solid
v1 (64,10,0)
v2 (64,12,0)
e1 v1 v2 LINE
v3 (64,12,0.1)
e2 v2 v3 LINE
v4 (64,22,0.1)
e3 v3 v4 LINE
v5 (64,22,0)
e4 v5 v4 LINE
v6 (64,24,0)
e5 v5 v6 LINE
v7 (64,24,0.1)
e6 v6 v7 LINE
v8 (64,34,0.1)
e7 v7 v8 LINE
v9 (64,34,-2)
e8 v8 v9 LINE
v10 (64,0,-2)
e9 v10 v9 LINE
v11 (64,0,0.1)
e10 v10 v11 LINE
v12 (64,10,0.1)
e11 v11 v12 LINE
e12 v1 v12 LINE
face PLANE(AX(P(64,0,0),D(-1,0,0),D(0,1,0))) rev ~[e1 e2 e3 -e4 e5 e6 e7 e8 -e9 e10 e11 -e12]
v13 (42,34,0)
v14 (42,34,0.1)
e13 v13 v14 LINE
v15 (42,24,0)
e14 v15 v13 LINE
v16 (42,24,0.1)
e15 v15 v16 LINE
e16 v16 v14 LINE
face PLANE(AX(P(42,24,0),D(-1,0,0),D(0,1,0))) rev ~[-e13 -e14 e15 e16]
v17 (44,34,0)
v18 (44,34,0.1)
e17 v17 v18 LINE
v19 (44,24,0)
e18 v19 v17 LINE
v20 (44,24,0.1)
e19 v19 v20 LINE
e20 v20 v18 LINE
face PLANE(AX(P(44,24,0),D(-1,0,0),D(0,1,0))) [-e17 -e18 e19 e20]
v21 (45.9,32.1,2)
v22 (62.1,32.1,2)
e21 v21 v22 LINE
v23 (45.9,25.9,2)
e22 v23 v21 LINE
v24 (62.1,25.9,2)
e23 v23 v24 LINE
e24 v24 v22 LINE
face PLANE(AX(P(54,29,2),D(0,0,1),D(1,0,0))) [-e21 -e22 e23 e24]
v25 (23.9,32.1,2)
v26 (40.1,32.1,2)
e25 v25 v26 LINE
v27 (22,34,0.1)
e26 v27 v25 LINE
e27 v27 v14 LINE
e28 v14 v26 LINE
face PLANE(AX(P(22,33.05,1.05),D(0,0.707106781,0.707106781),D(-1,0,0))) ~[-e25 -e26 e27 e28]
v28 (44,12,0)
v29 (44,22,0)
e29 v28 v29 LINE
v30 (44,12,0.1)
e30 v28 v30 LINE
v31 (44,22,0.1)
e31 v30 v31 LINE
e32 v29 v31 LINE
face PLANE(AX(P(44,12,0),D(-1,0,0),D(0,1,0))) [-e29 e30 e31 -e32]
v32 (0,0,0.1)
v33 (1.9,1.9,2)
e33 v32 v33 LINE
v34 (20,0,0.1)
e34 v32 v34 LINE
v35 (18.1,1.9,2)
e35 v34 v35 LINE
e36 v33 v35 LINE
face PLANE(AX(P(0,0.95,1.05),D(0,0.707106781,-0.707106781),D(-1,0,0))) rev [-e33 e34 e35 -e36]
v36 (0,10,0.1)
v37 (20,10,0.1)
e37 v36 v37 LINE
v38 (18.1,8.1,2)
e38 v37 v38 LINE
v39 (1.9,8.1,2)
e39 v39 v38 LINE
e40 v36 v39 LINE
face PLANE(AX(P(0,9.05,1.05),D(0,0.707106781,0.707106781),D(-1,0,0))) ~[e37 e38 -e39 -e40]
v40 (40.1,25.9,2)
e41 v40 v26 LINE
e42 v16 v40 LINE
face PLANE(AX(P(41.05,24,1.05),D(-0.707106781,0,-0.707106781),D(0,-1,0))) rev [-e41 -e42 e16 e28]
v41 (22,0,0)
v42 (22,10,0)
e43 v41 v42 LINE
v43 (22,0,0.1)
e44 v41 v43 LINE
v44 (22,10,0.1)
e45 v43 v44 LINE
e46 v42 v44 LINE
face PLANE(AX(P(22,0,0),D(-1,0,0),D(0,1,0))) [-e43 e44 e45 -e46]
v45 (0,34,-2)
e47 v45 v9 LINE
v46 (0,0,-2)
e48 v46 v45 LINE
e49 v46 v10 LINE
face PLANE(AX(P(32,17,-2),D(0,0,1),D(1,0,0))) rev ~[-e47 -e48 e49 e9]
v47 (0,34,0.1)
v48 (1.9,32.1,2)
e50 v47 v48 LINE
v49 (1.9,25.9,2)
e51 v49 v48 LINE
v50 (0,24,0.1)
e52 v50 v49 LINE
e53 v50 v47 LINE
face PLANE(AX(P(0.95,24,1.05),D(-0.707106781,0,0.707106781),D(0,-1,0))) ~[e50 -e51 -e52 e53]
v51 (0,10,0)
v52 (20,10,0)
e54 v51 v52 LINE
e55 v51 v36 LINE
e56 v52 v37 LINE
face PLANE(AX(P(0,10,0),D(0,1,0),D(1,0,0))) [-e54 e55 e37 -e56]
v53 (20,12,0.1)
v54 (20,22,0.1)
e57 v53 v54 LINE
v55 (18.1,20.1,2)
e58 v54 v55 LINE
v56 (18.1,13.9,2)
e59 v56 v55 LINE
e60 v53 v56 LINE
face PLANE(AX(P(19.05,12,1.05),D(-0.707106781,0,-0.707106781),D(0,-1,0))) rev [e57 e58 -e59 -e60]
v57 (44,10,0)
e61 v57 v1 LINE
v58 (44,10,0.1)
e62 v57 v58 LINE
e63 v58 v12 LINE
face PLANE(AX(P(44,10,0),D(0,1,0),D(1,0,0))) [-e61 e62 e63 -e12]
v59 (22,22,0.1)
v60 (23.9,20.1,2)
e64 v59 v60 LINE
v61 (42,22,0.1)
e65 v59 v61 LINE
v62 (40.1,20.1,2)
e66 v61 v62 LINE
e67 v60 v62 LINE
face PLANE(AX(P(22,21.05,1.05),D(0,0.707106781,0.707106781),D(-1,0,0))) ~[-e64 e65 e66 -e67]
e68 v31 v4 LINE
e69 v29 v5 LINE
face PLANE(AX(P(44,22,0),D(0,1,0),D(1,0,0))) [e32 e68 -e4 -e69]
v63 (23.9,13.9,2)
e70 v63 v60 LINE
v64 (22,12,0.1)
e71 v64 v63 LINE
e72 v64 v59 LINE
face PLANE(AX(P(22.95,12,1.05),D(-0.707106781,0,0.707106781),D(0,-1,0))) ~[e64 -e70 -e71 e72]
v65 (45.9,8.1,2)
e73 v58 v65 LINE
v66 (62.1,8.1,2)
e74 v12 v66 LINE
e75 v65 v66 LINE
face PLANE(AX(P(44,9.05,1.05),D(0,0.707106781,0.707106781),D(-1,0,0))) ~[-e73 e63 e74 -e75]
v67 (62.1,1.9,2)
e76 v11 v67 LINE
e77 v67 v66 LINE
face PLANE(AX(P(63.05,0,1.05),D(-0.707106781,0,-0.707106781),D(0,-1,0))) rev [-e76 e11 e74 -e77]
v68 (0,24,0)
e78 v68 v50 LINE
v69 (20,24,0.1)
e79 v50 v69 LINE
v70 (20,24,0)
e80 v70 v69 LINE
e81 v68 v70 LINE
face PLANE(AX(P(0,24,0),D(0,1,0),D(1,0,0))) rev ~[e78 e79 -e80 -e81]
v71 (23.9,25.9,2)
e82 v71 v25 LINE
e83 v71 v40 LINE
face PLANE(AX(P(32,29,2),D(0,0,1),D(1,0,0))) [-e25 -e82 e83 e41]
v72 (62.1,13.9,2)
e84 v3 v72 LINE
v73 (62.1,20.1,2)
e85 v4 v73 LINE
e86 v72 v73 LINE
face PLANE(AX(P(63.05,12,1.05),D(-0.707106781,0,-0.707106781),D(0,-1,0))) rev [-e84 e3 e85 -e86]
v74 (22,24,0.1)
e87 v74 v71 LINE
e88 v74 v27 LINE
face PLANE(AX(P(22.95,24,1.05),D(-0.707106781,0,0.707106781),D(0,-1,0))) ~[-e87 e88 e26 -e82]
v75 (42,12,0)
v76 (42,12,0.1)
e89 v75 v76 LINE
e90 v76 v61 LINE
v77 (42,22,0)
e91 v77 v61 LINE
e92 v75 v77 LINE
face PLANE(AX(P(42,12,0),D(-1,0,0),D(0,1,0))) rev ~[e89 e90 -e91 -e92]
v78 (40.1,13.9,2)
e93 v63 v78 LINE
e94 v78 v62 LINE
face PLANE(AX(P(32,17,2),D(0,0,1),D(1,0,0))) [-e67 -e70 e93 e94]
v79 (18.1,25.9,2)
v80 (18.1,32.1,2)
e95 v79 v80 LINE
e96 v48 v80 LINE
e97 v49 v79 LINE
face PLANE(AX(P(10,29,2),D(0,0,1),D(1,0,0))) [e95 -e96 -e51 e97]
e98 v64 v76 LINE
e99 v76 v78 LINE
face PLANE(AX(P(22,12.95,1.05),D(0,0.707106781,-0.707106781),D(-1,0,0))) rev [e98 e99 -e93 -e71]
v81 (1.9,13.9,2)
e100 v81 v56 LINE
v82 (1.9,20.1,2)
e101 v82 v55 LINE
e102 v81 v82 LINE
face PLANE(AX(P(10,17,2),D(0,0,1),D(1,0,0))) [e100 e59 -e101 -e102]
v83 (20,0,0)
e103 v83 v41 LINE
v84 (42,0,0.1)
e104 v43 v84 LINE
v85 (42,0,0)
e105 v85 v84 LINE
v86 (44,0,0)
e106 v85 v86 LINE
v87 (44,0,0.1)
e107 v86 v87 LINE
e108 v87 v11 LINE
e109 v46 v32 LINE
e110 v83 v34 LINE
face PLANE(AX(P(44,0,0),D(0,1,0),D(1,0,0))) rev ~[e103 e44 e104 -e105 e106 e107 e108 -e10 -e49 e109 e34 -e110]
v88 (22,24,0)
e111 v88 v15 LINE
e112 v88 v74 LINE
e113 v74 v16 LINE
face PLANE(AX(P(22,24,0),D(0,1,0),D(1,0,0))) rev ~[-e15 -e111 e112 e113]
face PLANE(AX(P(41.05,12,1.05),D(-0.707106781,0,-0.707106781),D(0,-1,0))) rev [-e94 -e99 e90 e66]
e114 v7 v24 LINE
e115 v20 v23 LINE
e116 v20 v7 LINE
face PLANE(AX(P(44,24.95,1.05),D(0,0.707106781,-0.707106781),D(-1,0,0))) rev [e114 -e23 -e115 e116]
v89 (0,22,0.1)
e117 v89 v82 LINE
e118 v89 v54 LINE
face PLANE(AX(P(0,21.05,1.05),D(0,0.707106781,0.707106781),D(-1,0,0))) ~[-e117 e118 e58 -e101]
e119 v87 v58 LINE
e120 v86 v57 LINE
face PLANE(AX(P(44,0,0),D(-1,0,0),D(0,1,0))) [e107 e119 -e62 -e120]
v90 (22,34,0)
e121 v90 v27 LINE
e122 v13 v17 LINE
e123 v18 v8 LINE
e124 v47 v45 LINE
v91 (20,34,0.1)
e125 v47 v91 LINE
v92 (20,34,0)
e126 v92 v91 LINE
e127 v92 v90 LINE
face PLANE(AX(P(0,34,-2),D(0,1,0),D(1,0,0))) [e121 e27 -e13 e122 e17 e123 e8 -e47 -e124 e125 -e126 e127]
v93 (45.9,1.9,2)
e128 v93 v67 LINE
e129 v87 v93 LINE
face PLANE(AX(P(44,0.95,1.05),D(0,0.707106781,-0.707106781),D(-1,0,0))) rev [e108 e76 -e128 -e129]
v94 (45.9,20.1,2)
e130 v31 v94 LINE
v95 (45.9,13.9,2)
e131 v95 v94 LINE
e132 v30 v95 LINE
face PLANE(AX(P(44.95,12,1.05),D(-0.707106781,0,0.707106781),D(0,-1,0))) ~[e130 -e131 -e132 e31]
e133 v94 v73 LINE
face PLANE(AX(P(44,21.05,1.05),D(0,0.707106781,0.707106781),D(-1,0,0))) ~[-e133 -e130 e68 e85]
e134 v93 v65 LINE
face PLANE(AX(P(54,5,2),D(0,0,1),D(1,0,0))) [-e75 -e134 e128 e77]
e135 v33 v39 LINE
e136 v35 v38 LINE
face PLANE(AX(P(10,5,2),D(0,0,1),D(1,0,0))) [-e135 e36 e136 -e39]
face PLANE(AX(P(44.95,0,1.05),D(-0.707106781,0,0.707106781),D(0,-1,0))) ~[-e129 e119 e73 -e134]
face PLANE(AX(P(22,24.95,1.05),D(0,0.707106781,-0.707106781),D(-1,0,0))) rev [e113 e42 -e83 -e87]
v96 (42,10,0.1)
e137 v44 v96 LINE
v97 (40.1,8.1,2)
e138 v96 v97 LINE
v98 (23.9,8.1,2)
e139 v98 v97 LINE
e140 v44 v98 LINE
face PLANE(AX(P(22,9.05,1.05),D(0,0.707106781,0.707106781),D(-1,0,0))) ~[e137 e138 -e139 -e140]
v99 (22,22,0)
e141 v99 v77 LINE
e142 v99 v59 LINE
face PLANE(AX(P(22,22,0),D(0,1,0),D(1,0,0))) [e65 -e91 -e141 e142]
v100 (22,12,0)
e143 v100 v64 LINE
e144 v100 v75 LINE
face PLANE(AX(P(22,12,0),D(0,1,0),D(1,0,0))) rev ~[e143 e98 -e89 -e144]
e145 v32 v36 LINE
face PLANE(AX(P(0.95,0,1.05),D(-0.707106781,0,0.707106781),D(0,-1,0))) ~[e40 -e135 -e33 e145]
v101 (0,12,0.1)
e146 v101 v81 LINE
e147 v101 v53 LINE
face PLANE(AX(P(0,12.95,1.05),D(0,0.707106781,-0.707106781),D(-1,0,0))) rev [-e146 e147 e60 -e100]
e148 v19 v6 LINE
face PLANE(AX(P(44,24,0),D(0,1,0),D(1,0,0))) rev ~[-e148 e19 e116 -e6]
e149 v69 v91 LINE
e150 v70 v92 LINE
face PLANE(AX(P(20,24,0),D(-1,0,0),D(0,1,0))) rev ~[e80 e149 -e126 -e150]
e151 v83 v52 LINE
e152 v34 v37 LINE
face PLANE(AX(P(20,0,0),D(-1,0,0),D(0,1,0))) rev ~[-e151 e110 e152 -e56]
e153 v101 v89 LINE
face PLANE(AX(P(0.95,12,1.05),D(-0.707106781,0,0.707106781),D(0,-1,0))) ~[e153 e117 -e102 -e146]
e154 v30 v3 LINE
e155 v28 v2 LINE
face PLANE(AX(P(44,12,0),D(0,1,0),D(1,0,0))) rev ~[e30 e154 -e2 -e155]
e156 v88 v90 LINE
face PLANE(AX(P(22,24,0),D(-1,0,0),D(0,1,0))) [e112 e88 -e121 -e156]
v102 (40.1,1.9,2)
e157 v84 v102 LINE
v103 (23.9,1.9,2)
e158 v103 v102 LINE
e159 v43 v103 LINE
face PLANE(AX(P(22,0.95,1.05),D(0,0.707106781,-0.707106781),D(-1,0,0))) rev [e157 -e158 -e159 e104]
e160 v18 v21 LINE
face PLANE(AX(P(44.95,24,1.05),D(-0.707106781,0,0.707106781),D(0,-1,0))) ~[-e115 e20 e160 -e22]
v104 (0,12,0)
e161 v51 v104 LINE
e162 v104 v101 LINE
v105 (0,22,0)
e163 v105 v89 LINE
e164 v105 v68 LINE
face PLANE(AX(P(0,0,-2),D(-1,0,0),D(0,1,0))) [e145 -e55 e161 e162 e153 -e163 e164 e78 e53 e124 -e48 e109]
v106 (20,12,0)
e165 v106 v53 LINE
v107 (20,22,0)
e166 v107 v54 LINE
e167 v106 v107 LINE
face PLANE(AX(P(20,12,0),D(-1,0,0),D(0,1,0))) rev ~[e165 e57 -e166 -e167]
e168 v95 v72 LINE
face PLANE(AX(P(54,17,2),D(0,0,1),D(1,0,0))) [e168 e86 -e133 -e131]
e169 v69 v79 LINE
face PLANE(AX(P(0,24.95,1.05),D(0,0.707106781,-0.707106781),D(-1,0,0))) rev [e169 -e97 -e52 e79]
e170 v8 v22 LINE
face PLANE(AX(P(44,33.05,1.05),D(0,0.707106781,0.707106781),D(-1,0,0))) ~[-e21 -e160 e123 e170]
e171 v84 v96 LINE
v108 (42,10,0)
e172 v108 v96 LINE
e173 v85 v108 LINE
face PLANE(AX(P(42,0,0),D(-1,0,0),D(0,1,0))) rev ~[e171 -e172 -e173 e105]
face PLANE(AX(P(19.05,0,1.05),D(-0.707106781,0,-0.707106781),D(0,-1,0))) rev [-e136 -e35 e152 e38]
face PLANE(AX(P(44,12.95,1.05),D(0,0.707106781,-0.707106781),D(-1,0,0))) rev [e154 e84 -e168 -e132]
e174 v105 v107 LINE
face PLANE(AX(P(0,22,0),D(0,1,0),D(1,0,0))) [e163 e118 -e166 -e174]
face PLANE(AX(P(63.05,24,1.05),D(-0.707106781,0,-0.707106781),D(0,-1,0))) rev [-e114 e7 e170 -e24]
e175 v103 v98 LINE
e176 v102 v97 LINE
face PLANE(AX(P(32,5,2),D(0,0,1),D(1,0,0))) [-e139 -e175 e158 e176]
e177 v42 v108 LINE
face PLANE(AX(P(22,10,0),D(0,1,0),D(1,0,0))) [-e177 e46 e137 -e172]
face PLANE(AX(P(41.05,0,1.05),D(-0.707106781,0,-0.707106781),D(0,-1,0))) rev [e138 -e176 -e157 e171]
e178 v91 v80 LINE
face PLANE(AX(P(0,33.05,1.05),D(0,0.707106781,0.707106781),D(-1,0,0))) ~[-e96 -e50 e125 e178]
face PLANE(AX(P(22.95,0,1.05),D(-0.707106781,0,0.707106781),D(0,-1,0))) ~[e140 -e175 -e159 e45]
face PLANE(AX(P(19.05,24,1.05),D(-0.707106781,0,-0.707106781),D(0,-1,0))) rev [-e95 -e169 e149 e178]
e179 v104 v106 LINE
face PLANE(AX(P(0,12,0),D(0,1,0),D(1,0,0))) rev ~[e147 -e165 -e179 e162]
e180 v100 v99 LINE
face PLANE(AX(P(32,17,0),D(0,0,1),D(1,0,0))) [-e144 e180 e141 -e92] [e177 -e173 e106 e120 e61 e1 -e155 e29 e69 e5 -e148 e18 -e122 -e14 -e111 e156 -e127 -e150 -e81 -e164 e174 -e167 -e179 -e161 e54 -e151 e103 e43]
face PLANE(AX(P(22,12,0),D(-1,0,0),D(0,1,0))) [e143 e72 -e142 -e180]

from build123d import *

# Parameters (mm, degrees)
BOX003_W        = 20
BOX003_H        = 10
BOX003_DEPTH    = 2
CHAMFER003_SIZE = 1.9
BOX004_W        = 20
BOX004_H        = 10
BOX004_DEPTH    = 2
CHAMFER004_SIZE = 1.9
BOX005_W        = 20
BOX005_H        = 10
BOX005_DEPTH    = 2
CHAMFER005_SIZE = 1.9
BOX006_W        = 20
BOX006_H        = 10
BOX006_DEPTH    = 2
CHAMFER006_SIZE = 1.9
BOX007_W        = 20
BOX007_H        = 10
BOX007_DEPTH    = 2
CHAMFER007_SIZE = 1.9
BOX008_W        = 20
BOX008_H        = 10
BOX008_DEPTH    = 2
CHAMFER008_SIZE = 1.9
BOX009_W        = 64
BOX009_H        = 34
BOX009_DEPTH    = 2
BOX002_W        = 20
BOX002_H        = 10
BOX002_DEPTH    = 2
CHAMFER002_SIZE = 1.9
BOX001_W        = 20
BOX001_H        = 10
BOX001_DEPTH    = 2
CHAMFER001_SIZE = 1.9
BOX_W           = 20
BOX_H           = 10
BOX_DEPTH       = 2
CHAMFER_SIZE    = 1.9


with BuildPart() as chamfer003:
    # Box003 → Box003 (new body)
    with BuildSketch(Plane.XY):
        with Locations((10, 5)):
            Rectangle(BOX003_W, BOX003_H)
    extrude(amount=BOX003_DEPTH)

    # Chamfer003
    chamfer003_edges = [chamfer003.edges().sort_by_distance(p)[0] for p in [
        (0, 5, 2),
        (20, 5, 2),
        (10, 0, 2),
        (10, 10, 2),
    ]]
    chamfer(chamfer003_edges, length=CHAMFER003_SIZE)


with BuildPart() as chamfer003_1:
    # Chamfer003 placement: moved
    add(chamfer003.part.moved(Location((0, 12, 0))))


with BuildPart() as chamfer004:
    # Box004 → Box004 (new body)
    with BuildSketch(Plane.XY):
        with Locations((10, 5)):
            Rectangle(BOX004_W, BOX004_H)
    extrude(amount=BOX004_DEPTH)

    # Chamfer004
    chamfer004_edges = [chamfer004.edges().sort_by_distance(p)[0] for p in [
        (0, 5, 2),
        (20, 5, 2),
        (10, 0, 2),
        (10, 10, 2),
    ]]
    chamfer(chamfer004_edges, length=CHAMFER004_SIZE)


with BuildPart() as chamfer004_1:
    # Chamfer004 placement: moved
    add(chamfer004.part.moved(Location((22, 12, 0))))


with BuildPart() as chamfer005:
    # Box005 → Box005 (new body)
    with BuildSketch(Plane.XY):
        with Locations((10, 5)):
            Rectangle(BOX005_W, BOX005_H)
    extrude(amount=BOX005_DEPTH)

    # Chamfer005
    chamfer005_edges = [chamfer005.edges().sort_by_distance(p)[0] for p in [
        (0, 5, 2),
        (20, 5, 2),
        (10, 0, 2),
        (10, 10, 2),
    ]]
    chamfer(chamfer005_edges, length=CHAMFER005_SIZE)


with BuildPart() as chamfer005_1:
    # Chamfer005 placement: moved
    add(chamfer005.part.moved(Location((44, 12, 0))))


with BuildPart() as chamfer006:
    # Box006 → Box006 (new body)
    with BuildSketch(Plane.XY):
        with Locations((10, 5)):
            Rectangle(BOX006_W, BOX006_H)
    extrude(amount=BOX006_DEPTH)

    # Chamfer006
    chamfer006_edges = [chamfer006.edges().sort_by_distance(p)[0] for p in [
        (0, 5, 2),
        (20, 5, 2),
        (10, 0, 2),
        (10, 10, 2),
    ]]
    chamfer(chamfer006_edges, length=CHAMFER006_SIZE)


with BuildPart() as chamfer006_1:
    # Chamfer006 placement: moved
    add(chamfer006.part.moved(Location((0, 24, 0))))


with BuildPart() as chamfer007:
    # Box007 → Box007 (new body)
    with BuildSketch(Plane.XY):
        with Locations((10, 5)):
            Rectangle(BOX007_W, BOX007_H)
    extrude(amount=BOX007_DEPTH)

    # Chamfer007
    chamfer007_edges = [chamfer007.edges().sort_by_distance(p)[0] for p in [
        (0, 5, 2),
        (20, 5, 2),
        (10, 0, 2),
        (10, 10, 2),
    ]]
    chamfer(chamfer007_edges, length=CHAMFER007_SIZE)


with BuildPart() as chamfer007_1:
    # Chamfer007 placement: moved
    add(chamfer007.part.moved(Location((22, 24, 0))))


with BuildPart() as chamfer008:
    # Box008 → Box008 (new body)
    with BuildSketch(Plane.XY):
        with Locations((10, 5)):
            Rectangle(BOX008_W, BOX008_H)
    extrude(amount=BOX008_DEPTH)

    # Chamfer008
    chamfer008_edges = [chamfer008.edges().sort_by_distance(p)[0] for p in [
        (0, 5, 2),
        (20, 5, 2),
        (10, 0, 2),
        (10, 10, 2),
    ]]
    chamfer(chamfer008_edges, length=CHAMFER008_SIZE)


with BuildPart() as chamfer008_1:
    # Chamfer008 placement: moved
    add(chamfer008.part.moved(Location((44, 24, 0))))


with BuildPart() as cubo009:
    # Box009 → Box009 (new body)
    with BuildSketch(Plane.XY.offset(-2)):
        with Locations((32, 17)):
            Rectangle(BOX009_W, BOX009_H)
    extrude(amount=BOX009_DEPTH)


with BuildPart() as chamfer002:
    # Box002 → Box002 (new body)
    with BuildSketch(Plane.XY):
        with Locations((10, 5)):
            Rectangle(BOX002_W, BOX002_H)
    extrude(amount=BOX002_DEPTH)

    # Chamfer002
    chamfer002_edges = [chamfer002.edges().sort_by_distance(p)[0] for p in [
        (0, 5, 2),
        (20, 5, 2),
        (10, 0, 2),
        (10, 10, 2),
    ]]
    chamfer(chamfer002_edges, length=CHAMFER002_SIZE)


with BuildPart() as chamfer002_1:
    # Chamfer002 placement: moved
    add(chamfer002.part.moved(Location((44, 0, 0))))


with BuildPart() as chamfer001:
    # Box001 → Box001 (new body)
    with BuildSketch(Plane.XY):
        with Locations((10, 5)):
            Rectangle(BOX001_W, BOX001_H)
    extrude(amount=BOX001_DEPTH)

    # Chamfer001
    chamfer001_edges = [chamfer001.edges().sort_by_distance(p)[0] for p in [
        (0, 5, 2),
        (20, 5, 2),
        (10, 0, 2),
        (10, 10, 2),
    ]]
    chamfer(chamfer001_edges, length=CHAMFER001_SIZE)


with BuildPart() as chamfer001_1:
    # Chamfer001 placement: moved
    add(chamfer001.part.moved(Location((22, 0, 0))))


with BuildPart() as fusion:
    # Box → Box (new body)
    with BuildSketch(Plane.XY):
        with Locations((10, 5)):
            Rectangle(BOX_W, BOX_H)
    extrude(amount=BOX_DEPTH)

    # Chamfer
    chamfer_edges = [fusion.edges().sort_by_distance(p)[0] for p in [
        (0, 5, 2),
        (20, 5, 2),
        (10, 0, 2),
        (10, 10, 2),
    ]]
    chamfer(chamfer_edges, length=CHAMFER_SIZE)

    # Fusion: union Chamfer003, Chamfer004, Chamfer005, Chamfer006, Chamfer007, Chamfer008, Cubo009, Chamfer002, Chamfer001
    add(chamfer003_1.part)
    add(chamfer004_1.part)
    add(chamfer005_1.part)
    add(chamfer006_1.part)
    add(chamfer007_1.part)
    add(chamfer008_1.part)
    add(cubo009.part)
    add(chamfer002_1.part)
    add(chamfer001_1.part)


solid = fusion.part
